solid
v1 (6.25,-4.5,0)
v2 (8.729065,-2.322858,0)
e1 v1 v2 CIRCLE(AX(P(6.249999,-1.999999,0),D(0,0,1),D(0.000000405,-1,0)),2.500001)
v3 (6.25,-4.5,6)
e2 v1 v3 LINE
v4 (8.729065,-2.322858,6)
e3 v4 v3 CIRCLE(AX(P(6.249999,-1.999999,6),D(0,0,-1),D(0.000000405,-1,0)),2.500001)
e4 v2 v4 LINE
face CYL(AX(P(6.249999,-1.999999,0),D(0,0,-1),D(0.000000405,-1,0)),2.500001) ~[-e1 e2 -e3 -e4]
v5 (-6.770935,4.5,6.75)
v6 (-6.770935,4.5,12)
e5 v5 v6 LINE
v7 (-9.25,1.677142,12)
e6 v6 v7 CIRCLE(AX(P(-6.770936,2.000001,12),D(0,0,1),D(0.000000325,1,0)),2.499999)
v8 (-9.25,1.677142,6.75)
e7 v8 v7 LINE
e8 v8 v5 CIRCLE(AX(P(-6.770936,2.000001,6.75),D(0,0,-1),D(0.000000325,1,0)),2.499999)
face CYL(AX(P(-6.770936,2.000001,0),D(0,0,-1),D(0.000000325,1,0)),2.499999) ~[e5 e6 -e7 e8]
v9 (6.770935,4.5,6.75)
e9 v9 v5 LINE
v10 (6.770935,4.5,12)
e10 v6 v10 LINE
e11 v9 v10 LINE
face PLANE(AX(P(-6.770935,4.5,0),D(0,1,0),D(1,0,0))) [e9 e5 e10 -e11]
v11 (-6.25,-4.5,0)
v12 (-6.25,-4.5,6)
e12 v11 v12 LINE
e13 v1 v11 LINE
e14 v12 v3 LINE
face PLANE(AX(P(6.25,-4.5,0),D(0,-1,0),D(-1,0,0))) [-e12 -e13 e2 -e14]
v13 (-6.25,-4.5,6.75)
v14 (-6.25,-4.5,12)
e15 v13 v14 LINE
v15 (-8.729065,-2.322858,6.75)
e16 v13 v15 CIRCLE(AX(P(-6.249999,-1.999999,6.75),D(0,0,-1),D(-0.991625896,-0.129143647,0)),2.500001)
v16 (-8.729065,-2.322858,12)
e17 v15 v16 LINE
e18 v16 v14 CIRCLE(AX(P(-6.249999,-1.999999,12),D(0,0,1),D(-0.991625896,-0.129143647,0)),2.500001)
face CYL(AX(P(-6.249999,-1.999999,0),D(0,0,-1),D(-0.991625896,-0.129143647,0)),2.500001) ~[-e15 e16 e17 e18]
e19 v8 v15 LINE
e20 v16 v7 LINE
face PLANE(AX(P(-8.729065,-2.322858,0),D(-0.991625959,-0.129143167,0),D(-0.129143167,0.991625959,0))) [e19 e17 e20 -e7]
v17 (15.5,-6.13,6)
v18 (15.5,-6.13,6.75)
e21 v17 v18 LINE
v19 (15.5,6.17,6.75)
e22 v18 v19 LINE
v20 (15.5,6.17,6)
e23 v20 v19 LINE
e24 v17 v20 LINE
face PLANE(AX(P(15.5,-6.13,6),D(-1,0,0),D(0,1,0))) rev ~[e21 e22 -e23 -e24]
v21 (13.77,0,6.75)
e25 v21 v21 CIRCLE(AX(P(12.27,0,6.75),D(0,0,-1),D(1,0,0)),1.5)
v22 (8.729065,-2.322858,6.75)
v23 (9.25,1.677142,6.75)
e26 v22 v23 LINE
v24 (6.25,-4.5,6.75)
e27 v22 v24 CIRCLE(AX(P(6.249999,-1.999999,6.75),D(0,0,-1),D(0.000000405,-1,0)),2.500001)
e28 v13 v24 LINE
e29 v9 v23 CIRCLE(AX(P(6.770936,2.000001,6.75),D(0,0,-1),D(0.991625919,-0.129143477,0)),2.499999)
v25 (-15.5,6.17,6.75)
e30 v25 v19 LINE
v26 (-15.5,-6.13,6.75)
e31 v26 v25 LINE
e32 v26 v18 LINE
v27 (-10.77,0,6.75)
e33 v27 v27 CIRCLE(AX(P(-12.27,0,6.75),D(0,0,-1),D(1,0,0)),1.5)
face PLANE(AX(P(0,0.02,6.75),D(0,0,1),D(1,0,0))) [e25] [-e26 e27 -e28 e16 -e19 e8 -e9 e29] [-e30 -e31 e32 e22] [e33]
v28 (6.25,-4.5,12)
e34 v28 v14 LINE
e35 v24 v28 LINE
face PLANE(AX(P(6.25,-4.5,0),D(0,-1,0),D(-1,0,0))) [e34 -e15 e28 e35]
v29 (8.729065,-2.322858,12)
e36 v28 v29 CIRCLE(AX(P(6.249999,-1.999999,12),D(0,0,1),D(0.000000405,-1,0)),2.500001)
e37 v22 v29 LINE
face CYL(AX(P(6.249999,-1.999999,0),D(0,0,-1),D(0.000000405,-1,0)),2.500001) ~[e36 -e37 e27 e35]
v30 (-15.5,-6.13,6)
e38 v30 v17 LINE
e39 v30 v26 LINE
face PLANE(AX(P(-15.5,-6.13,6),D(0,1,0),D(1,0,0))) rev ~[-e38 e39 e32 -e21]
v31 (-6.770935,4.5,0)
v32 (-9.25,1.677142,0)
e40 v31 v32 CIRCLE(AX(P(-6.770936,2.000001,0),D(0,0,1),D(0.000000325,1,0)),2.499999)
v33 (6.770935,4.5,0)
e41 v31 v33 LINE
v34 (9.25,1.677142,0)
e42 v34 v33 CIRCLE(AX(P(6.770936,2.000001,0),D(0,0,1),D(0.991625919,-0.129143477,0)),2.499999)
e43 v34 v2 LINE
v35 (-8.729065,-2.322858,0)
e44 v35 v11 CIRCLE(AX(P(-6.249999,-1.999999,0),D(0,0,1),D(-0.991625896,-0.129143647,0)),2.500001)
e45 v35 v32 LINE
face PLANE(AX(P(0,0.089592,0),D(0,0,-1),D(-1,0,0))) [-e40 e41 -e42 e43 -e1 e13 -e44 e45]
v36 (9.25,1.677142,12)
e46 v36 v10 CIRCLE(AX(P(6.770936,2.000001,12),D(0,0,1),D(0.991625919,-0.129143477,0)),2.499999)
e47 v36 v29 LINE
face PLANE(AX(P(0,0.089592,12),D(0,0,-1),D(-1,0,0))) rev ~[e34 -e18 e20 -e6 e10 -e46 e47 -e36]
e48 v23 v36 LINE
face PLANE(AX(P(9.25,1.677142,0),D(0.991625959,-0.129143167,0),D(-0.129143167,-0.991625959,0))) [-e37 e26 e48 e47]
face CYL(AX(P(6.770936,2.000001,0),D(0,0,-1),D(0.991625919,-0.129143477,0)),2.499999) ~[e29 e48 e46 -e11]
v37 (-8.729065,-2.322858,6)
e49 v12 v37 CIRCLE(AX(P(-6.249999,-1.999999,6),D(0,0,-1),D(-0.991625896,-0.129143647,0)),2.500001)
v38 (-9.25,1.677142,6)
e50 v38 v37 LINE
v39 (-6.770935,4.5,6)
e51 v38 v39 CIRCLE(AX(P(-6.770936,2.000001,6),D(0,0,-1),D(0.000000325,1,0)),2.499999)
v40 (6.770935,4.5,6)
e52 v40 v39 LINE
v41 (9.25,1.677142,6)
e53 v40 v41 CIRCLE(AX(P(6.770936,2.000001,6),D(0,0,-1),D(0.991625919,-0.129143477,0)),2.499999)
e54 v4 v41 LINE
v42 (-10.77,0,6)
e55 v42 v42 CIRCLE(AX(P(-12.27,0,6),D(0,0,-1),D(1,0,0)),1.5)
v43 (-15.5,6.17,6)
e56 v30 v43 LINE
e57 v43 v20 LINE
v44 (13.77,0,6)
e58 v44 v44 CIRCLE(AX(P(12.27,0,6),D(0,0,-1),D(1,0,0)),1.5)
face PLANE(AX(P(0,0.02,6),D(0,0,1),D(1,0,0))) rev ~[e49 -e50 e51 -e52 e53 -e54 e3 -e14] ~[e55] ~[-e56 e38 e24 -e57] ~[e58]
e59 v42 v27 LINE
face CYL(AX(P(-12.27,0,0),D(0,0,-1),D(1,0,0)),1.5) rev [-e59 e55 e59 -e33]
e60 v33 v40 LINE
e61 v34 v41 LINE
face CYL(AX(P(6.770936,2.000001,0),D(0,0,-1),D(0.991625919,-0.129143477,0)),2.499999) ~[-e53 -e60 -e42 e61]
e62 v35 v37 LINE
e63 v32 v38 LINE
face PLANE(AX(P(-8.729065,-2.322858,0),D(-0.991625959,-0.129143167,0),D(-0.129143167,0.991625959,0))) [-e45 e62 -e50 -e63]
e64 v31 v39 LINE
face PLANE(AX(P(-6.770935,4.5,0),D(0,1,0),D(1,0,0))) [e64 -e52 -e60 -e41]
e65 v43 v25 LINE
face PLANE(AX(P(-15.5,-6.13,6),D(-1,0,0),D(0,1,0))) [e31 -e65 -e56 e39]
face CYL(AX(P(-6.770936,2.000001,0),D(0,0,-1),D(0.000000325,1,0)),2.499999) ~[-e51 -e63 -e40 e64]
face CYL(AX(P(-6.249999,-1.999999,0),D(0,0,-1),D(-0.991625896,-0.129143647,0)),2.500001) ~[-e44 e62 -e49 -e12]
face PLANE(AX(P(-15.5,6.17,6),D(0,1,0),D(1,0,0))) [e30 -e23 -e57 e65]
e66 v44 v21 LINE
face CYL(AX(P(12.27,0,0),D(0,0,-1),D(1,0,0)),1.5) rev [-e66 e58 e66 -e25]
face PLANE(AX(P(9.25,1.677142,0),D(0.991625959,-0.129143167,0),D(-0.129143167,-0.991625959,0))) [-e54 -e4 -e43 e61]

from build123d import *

# Parameters (mm, degrees)
CYLINDER001_R     = 1.5
CYLINDER001_DEPTH = 10
CYLINDER_R        = 1.5
CYLINDER_DEPTH    = 10
EXTRUDE_DEPTH     = 12
BOX_W             = 31
BOX_H             = 12.3
BOX_DEPTH         = 0.75


with BuildPart() as screw_hole2:
    # Cylinder001 → Cylinder001 (new body)
    with BuildSketch(Plane(origin=(12.27, 0, 0), x_dir=(1, 0, 0), z_dir=(0, 0, 1))):
        Circle(CYLINDER001_R)
    extrude(amount=CYLINDER001_DEPTH)


with BuildPart() as screw_hole1:
    # Cylinder → Cylinder (new body)
    with BuildSketch(Plane(origin=(-12.27, 0, 0), x_dir=(1, 0, 0), z_dir=(0, 0, 1))):
        Circle(CYLINDER_R)
    extrude(amount=CYLINDER_DEPTH)


with BuildPart() as extrude_body:
    # Sketch → Extrude (new body)
    with BuildSketch(Plane.XY):
        with BuildLine():
            Line((-6.770935, 4.5), (6.770935, 4.5))
            ThreePointArc((9.25, 1.677142), (8.649385, 3.649675), (6.770935, 4.5))
            Line((9.25, 1.677142), (8.729065, -2.322858))
            ThreePointArc((6.25, -4.5), (7.899675, -3.878449), (8.729065, -2.322858))
            Line((6.25, -4.5), (-6.25, -4.5))
            ThreePointArc((-8.729065, -2.322858), (-7.899675, -3.878449), (-6.25, -4.5))
            Line((-8.729065, -2.322858), (-9.25, 1.677142))
            ThreePointArc((-6.770935, 4.5), (-8.649385, 3.649675), (-9.25, 1.677142))
        make_face()
    extrude(amount=EXTRUDE_DEPTH)


with BuildPart() as db9_connector:
    # Box → Box (new body)
    with BuildSketch(Plane(origin=(-15.5, -6.13, 6), x_dir=(1, 0, 0), z_dir=(0, 0, 1))):
        with Locations((15.5, 6.15)):
            Rectangle(BOX_W, BOX_H)
    extrude(amount=BOX_DEPTH)

    # Fusion: union Extrude body
    add(extrude_body.part)

    # Cut: cut screw_hole1
    add(screw_hole1.part, mode=Mode.SUBTRACT)

    # Cut001: cut screw_hole2
    add(screw_hole2.part, mode=Mode.SUBTRACT)


solid = db9_connector.part
